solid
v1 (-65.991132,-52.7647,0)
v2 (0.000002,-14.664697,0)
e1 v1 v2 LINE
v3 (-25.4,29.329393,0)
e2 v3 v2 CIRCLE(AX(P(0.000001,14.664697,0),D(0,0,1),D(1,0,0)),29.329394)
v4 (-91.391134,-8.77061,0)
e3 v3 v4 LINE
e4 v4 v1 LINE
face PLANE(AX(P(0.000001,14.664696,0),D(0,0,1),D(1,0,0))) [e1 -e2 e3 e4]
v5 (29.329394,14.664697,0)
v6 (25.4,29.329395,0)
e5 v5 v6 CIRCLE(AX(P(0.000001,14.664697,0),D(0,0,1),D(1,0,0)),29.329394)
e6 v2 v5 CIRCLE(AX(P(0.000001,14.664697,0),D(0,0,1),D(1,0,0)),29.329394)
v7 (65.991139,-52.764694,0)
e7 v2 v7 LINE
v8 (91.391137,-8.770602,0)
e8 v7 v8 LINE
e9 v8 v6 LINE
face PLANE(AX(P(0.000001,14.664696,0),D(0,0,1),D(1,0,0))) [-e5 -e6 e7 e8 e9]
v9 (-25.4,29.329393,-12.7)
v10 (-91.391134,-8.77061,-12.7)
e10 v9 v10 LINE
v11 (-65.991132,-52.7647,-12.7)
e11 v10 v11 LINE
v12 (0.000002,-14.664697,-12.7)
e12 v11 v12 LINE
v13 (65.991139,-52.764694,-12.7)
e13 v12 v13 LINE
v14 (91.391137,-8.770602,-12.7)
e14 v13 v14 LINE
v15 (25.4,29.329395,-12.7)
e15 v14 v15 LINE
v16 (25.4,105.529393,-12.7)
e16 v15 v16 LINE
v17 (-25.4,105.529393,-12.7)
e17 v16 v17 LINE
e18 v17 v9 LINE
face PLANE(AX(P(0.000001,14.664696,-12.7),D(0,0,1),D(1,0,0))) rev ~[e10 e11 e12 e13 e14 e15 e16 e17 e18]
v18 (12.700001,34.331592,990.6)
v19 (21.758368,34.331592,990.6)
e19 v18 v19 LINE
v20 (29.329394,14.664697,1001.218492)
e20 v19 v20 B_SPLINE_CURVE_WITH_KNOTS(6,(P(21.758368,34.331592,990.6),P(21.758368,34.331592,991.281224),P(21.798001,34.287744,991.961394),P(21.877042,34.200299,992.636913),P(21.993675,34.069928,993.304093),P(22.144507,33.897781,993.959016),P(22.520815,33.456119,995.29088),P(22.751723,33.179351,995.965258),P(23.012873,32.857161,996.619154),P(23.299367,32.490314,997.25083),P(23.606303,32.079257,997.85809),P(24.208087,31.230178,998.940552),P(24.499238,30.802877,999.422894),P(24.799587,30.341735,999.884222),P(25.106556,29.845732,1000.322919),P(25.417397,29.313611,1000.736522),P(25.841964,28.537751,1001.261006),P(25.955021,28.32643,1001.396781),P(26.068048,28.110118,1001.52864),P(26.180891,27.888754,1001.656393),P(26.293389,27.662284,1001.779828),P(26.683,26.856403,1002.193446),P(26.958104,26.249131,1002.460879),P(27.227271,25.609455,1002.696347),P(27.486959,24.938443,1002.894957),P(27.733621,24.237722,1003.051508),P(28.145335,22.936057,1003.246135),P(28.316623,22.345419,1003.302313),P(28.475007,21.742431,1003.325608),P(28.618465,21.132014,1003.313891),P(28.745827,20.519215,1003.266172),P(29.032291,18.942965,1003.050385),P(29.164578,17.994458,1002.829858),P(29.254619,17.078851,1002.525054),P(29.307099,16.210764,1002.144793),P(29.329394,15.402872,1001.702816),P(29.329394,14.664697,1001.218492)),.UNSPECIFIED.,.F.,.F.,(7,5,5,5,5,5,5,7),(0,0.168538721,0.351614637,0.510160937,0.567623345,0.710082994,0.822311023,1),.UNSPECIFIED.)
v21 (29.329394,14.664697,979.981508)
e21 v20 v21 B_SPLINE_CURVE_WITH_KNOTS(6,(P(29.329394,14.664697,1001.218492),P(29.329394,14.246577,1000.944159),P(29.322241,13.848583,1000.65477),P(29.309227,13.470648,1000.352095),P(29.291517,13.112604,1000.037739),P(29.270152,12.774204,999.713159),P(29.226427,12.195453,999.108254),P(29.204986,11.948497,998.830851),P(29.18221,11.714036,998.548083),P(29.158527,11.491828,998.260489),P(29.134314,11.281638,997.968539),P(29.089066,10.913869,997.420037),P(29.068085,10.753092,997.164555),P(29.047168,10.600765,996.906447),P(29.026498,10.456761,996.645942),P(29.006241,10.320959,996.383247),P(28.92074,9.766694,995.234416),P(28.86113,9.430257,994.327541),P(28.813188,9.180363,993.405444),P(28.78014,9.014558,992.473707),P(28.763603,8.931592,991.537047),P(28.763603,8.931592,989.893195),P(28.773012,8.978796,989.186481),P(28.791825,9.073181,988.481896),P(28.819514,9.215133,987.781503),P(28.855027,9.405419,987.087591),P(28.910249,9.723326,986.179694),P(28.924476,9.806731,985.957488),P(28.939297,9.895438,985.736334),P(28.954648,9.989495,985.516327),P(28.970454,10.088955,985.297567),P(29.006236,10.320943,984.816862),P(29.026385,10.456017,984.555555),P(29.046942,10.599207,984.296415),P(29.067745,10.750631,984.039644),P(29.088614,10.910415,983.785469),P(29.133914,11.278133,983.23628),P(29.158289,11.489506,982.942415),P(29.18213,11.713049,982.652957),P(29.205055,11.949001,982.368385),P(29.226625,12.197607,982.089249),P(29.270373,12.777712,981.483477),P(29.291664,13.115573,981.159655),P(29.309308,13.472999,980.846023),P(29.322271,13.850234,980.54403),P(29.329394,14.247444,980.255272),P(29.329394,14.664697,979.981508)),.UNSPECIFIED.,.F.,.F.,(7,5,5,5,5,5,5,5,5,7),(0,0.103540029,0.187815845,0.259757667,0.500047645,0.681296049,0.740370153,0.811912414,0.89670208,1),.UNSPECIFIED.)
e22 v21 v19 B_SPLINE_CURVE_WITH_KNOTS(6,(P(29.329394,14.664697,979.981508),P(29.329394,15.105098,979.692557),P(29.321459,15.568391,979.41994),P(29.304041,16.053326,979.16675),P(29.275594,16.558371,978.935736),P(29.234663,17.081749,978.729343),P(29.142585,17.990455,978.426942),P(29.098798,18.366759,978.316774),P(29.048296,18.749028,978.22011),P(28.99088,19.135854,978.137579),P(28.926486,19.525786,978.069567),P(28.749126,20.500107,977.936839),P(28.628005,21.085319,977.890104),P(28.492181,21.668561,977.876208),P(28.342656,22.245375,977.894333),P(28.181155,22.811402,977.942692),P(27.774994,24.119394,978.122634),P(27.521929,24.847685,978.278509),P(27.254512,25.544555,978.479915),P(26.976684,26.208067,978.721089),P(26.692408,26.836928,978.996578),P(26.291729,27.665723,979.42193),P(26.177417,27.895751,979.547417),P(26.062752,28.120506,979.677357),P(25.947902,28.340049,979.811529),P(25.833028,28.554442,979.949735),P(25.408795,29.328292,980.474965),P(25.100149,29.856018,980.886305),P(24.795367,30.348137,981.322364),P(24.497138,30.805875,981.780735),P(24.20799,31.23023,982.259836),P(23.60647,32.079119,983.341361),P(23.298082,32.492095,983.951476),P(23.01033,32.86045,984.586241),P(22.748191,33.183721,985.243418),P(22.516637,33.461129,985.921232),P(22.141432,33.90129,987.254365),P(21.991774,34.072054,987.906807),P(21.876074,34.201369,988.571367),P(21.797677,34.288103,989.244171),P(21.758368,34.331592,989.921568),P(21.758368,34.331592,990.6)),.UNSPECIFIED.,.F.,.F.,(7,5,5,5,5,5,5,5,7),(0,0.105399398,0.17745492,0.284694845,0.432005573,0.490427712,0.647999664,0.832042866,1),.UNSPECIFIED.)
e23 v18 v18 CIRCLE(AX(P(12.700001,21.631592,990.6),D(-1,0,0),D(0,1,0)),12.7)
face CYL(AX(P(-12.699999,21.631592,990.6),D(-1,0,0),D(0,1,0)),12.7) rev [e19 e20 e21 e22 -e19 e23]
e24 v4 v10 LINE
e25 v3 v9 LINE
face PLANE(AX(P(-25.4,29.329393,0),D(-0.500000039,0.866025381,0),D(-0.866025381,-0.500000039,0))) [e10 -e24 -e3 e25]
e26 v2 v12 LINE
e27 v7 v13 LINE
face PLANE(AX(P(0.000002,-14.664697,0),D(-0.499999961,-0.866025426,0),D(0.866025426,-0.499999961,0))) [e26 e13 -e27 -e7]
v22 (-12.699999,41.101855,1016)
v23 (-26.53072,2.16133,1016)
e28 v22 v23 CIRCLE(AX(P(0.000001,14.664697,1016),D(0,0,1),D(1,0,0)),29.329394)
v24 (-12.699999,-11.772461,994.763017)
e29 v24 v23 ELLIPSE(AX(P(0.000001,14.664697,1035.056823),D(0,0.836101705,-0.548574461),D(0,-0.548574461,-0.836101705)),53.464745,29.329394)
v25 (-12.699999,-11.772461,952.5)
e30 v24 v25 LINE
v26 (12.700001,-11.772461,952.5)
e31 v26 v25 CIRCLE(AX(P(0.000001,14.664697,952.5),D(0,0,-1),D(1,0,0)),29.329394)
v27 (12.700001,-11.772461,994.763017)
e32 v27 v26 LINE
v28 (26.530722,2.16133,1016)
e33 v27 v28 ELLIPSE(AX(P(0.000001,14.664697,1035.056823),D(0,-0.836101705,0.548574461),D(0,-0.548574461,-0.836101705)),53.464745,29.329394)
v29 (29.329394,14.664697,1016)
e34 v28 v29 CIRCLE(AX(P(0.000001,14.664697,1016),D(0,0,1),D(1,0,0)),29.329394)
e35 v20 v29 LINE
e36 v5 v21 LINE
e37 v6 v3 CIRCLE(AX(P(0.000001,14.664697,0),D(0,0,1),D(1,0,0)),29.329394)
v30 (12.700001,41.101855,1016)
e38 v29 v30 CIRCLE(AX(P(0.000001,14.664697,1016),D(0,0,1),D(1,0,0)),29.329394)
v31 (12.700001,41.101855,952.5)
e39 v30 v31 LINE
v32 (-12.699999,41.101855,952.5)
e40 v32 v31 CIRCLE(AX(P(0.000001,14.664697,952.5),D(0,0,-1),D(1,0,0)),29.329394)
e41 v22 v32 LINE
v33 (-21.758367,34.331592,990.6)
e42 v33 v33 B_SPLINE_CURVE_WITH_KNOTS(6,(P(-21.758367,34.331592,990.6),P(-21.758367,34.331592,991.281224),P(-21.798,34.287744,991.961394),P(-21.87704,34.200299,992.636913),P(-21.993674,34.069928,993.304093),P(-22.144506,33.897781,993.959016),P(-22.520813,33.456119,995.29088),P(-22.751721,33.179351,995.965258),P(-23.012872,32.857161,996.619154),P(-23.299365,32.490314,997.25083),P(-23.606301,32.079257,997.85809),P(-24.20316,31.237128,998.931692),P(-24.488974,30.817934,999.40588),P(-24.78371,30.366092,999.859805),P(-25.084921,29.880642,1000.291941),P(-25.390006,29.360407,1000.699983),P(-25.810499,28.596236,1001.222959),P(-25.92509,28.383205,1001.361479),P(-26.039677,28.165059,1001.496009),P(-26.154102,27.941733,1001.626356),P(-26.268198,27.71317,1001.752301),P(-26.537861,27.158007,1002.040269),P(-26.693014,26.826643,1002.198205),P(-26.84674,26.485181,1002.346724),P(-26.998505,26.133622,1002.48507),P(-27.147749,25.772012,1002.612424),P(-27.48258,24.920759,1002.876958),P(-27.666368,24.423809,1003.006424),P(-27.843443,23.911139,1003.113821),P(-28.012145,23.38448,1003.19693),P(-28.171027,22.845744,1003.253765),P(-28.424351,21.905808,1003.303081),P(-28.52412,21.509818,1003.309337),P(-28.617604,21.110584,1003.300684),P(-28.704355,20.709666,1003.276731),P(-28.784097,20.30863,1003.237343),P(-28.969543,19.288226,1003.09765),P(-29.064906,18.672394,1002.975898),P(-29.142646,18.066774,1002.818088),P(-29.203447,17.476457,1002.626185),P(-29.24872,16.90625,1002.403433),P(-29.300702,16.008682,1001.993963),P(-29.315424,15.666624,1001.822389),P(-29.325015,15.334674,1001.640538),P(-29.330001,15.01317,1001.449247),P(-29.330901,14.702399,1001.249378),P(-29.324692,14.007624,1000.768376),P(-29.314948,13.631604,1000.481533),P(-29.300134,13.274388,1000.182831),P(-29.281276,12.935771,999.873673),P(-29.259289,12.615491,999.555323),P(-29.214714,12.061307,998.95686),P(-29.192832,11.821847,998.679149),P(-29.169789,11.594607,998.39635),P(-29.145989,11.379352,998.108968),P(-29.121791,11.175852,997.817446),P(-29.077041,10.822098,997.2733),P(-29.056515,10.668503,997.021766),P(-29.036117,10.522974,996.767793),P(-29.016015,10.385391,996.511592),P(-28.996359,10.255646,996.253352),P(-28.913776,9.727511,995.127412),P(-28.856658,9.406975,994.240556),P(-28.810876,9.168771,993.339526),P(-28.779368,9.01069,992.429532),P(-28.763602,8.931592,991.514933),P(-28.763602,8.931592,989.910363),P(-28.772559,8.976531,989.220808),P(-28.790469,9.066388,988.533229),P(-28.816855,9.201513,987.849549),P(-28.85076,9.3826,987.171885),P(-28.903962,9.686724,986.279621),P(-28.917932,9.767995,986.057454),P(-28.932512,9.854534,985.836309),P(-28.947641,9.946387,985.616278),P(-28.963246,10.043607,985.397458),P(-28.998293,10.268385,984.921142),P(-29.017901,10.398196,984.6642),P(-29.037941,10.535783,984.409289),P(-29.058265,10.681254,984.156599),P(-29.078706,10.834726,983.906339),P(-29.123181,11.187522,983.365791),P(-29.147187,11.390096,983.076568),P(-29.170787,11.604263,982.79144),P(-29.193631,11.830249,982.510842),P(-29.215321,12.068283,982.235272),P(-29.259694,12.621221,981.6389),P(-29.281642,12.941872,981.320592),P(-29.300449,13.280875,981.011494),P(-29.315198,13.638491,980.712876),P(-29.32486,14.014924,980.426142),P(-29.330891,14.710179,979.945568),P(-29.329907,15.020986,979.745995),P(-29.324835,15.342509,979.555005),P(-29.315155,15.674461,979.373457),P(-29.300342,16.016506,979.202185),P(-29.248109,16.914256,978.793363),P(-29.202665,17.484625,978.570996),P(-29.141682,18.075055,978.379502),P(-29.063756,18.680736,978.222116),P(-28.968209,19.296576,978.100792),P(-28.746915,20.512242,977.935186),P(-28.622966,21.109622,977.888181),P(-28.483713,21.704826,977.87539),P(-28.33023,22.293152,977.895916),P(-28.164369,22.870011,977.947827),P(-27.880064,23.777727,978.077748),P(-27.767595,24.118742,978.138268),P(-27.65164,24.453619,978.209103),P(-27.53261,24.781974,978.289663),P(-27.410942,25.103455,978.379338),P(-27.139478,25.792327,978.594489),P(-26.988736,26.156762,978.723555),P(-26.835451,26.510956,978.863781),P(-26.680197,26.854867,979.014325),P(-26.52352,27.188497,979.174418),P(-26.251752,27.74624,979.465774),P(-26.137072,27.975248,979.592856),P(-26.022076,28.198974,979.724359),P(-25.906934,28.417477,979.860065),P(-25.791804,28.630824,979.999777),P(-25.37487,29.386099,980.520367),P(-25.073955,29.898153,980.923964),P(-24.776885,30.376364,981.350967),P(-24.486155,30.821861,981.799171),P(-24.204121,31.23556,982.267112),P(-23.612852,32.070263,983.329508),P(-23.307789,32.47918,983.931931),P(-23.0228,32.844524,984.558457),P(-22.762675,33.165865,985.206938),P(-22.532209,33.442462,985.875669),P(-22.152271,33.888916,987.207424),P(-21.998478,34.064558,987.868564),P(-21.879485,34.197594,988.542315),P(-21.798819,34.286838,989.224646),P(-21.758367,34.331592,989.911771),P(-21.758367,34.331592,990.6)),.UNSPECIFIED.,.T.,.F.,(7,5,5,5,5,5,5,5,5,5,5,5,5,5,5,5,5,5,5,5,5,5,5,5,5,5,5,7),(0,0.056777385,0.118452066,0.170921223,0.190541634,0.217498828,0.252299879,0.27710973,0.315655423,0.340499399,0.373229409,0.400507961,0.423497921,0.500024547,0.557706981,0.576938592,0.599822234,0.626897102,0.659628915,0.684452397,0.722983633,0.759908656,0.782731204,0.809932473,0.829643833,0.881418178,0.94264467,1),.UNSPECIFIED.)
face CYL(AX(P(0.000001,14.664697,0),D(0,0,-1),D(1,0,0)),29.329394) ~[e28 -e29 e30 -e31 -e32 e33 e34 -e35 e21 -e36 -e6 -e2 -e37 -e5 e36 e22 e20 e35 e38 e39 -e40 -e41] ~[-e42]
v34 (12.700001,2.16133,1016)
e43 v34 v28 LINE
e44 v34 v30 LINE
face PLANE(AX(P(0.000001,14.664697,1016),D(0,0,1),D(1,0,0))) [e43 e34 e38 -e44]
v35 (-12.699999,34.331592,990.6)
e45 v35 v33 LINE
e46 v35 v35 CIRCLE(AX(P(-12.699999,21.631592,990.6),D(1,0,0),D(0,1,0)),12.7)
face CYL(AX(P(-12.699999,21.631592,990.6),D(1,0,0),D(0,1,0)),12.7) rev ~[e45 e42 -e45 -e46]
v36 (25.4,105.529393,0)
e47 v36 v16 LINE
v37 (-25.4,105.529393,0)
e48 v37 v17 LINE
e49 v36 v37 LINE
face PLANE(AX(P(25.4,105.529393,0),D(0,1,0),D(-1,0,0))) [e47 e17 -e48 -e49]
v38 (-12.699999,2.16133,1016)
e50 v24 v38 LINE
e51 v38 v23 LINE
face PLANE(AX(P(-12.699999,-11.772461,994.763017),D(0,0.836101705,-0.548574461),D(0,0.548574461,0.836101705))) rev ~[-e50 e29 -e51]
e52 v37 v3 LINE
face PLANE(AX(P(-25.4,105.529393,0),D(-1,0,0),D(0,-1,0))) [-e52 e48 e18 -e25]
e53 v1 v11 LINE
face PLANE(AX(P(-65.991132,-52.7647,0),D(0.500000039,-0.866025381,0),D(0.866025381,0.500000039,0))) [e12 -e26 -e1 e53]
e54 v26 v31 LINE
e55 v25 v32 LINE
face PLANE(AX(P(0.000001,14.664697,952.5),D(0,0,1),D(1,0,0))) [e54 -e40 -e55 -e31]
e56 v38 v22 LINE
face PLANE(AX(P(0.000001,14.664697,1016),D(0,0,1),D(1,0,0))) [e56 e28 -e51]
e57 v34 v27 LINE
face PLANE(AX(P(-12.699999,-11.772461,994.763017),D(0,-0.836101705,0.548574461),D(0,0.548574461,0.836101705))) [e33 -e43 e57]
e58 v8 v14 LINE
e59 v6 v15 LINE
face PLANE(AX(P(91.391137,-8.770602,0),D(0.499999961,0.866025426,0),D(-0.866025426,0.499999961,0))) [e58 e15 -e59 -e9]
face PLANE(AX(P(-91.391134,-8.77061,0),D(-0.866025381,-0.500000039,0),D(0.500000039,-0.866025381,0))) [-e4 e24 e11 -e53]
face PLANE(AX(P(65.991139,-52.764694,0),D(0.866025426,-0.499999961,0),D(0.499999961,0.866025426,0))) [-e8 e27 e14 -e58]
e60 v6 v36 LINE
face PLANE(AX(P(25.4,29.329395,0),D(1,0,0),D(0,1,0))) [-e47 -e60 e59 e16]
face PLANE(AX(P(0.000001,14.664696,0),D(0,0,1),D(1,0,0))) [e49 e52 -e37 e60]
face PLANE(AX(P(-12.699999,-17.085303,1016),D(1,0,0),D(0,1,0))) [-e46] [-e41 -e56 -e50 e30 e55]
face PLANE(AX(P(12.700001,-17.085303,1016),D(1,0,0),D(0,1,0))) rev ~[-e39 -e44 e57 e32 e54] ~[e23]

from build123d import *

# Parameters (mm, degrees)
F1_DEPTH      = 12.7
F2_R          = 29.3293936748
F3_DEPTH      = 1016
F4_W          = 25.4
F4_H          = 63.5
F5_DEPTH      = 63.5
F7_DEPTH      = 25.4
F7_DEPTH_BACK = 127
F8_R          = 12.7
F9_DEPTH      = 25.4
F9_DEPTH_BACK = 127


with BuildPart() as f1:
    # F0 (on Top) → F1 (new body)
    with BuildSketch(Plane.XY):
        Polygon((-25.4, 105.5293925285), (-25.4, 29.3293925285), (-91.3911340489, -8.7706104496), (-65.9911320635, -52.7646998156), (1.9854e-06, -14.6646968374), (65.9911394732, -52.7646938593), (91.3911374878, -8.7706022007), (25.4, 29.3293948211), (25.4, 105.5293925285), align=None)
    extrude(amount=-F1_DEPTH)

    # F2 (on face) → F3 (join)
    with BuildSketch(Plane.XY):
        with Locations((6.618e-07, 14.6646968374)):
            Circle(F2_R)
    extrude(amount=F3_DEPTH)

    # F4 (on face) → F5 (cut)
    with BuildSketch(Plane.XY.offset(1016)):
        with Locations((6.618e-07, 14.6646968374)):
            Rectangle(F4_W, F4_H)
    extrude(amount=-F5_DEPTH, mode=Mode.SUBTRACT)

    # F6 (on face) → F7 (cut, two sides)
    with BuildSketch(Plane.YZ.offset(-12.6999993382)) as f7_sk:
        Polygon((2.1613299569, 1016), (-11.7724613558, 1016), (-11.7724613558, 994.7630167007), align=None)
    extrude(amount=-F7_DEPTH, mode=Mode.SUBTRACT)
    extrude(f7_sk.sketch, amount=F7_DEPTH_BACK, mode=Mode.SUBTRACT)

    # F8 (on face) → F9 (cut, two sides)
    with BuildSketch(Plane.YZ.offset(-12.6999993382)) as f9_sk:
        with Locations((21.6315924938, 990.6)):
            Circle(F8_R)
    extrude(amount=-F9_DEPTH, mode=Mode.SUBTRACT)
    extrude(f9_sk.sketch, amount=F9_DEPTH_BACK, mode=Mode.SUBTRACT)


solid = f1.part
